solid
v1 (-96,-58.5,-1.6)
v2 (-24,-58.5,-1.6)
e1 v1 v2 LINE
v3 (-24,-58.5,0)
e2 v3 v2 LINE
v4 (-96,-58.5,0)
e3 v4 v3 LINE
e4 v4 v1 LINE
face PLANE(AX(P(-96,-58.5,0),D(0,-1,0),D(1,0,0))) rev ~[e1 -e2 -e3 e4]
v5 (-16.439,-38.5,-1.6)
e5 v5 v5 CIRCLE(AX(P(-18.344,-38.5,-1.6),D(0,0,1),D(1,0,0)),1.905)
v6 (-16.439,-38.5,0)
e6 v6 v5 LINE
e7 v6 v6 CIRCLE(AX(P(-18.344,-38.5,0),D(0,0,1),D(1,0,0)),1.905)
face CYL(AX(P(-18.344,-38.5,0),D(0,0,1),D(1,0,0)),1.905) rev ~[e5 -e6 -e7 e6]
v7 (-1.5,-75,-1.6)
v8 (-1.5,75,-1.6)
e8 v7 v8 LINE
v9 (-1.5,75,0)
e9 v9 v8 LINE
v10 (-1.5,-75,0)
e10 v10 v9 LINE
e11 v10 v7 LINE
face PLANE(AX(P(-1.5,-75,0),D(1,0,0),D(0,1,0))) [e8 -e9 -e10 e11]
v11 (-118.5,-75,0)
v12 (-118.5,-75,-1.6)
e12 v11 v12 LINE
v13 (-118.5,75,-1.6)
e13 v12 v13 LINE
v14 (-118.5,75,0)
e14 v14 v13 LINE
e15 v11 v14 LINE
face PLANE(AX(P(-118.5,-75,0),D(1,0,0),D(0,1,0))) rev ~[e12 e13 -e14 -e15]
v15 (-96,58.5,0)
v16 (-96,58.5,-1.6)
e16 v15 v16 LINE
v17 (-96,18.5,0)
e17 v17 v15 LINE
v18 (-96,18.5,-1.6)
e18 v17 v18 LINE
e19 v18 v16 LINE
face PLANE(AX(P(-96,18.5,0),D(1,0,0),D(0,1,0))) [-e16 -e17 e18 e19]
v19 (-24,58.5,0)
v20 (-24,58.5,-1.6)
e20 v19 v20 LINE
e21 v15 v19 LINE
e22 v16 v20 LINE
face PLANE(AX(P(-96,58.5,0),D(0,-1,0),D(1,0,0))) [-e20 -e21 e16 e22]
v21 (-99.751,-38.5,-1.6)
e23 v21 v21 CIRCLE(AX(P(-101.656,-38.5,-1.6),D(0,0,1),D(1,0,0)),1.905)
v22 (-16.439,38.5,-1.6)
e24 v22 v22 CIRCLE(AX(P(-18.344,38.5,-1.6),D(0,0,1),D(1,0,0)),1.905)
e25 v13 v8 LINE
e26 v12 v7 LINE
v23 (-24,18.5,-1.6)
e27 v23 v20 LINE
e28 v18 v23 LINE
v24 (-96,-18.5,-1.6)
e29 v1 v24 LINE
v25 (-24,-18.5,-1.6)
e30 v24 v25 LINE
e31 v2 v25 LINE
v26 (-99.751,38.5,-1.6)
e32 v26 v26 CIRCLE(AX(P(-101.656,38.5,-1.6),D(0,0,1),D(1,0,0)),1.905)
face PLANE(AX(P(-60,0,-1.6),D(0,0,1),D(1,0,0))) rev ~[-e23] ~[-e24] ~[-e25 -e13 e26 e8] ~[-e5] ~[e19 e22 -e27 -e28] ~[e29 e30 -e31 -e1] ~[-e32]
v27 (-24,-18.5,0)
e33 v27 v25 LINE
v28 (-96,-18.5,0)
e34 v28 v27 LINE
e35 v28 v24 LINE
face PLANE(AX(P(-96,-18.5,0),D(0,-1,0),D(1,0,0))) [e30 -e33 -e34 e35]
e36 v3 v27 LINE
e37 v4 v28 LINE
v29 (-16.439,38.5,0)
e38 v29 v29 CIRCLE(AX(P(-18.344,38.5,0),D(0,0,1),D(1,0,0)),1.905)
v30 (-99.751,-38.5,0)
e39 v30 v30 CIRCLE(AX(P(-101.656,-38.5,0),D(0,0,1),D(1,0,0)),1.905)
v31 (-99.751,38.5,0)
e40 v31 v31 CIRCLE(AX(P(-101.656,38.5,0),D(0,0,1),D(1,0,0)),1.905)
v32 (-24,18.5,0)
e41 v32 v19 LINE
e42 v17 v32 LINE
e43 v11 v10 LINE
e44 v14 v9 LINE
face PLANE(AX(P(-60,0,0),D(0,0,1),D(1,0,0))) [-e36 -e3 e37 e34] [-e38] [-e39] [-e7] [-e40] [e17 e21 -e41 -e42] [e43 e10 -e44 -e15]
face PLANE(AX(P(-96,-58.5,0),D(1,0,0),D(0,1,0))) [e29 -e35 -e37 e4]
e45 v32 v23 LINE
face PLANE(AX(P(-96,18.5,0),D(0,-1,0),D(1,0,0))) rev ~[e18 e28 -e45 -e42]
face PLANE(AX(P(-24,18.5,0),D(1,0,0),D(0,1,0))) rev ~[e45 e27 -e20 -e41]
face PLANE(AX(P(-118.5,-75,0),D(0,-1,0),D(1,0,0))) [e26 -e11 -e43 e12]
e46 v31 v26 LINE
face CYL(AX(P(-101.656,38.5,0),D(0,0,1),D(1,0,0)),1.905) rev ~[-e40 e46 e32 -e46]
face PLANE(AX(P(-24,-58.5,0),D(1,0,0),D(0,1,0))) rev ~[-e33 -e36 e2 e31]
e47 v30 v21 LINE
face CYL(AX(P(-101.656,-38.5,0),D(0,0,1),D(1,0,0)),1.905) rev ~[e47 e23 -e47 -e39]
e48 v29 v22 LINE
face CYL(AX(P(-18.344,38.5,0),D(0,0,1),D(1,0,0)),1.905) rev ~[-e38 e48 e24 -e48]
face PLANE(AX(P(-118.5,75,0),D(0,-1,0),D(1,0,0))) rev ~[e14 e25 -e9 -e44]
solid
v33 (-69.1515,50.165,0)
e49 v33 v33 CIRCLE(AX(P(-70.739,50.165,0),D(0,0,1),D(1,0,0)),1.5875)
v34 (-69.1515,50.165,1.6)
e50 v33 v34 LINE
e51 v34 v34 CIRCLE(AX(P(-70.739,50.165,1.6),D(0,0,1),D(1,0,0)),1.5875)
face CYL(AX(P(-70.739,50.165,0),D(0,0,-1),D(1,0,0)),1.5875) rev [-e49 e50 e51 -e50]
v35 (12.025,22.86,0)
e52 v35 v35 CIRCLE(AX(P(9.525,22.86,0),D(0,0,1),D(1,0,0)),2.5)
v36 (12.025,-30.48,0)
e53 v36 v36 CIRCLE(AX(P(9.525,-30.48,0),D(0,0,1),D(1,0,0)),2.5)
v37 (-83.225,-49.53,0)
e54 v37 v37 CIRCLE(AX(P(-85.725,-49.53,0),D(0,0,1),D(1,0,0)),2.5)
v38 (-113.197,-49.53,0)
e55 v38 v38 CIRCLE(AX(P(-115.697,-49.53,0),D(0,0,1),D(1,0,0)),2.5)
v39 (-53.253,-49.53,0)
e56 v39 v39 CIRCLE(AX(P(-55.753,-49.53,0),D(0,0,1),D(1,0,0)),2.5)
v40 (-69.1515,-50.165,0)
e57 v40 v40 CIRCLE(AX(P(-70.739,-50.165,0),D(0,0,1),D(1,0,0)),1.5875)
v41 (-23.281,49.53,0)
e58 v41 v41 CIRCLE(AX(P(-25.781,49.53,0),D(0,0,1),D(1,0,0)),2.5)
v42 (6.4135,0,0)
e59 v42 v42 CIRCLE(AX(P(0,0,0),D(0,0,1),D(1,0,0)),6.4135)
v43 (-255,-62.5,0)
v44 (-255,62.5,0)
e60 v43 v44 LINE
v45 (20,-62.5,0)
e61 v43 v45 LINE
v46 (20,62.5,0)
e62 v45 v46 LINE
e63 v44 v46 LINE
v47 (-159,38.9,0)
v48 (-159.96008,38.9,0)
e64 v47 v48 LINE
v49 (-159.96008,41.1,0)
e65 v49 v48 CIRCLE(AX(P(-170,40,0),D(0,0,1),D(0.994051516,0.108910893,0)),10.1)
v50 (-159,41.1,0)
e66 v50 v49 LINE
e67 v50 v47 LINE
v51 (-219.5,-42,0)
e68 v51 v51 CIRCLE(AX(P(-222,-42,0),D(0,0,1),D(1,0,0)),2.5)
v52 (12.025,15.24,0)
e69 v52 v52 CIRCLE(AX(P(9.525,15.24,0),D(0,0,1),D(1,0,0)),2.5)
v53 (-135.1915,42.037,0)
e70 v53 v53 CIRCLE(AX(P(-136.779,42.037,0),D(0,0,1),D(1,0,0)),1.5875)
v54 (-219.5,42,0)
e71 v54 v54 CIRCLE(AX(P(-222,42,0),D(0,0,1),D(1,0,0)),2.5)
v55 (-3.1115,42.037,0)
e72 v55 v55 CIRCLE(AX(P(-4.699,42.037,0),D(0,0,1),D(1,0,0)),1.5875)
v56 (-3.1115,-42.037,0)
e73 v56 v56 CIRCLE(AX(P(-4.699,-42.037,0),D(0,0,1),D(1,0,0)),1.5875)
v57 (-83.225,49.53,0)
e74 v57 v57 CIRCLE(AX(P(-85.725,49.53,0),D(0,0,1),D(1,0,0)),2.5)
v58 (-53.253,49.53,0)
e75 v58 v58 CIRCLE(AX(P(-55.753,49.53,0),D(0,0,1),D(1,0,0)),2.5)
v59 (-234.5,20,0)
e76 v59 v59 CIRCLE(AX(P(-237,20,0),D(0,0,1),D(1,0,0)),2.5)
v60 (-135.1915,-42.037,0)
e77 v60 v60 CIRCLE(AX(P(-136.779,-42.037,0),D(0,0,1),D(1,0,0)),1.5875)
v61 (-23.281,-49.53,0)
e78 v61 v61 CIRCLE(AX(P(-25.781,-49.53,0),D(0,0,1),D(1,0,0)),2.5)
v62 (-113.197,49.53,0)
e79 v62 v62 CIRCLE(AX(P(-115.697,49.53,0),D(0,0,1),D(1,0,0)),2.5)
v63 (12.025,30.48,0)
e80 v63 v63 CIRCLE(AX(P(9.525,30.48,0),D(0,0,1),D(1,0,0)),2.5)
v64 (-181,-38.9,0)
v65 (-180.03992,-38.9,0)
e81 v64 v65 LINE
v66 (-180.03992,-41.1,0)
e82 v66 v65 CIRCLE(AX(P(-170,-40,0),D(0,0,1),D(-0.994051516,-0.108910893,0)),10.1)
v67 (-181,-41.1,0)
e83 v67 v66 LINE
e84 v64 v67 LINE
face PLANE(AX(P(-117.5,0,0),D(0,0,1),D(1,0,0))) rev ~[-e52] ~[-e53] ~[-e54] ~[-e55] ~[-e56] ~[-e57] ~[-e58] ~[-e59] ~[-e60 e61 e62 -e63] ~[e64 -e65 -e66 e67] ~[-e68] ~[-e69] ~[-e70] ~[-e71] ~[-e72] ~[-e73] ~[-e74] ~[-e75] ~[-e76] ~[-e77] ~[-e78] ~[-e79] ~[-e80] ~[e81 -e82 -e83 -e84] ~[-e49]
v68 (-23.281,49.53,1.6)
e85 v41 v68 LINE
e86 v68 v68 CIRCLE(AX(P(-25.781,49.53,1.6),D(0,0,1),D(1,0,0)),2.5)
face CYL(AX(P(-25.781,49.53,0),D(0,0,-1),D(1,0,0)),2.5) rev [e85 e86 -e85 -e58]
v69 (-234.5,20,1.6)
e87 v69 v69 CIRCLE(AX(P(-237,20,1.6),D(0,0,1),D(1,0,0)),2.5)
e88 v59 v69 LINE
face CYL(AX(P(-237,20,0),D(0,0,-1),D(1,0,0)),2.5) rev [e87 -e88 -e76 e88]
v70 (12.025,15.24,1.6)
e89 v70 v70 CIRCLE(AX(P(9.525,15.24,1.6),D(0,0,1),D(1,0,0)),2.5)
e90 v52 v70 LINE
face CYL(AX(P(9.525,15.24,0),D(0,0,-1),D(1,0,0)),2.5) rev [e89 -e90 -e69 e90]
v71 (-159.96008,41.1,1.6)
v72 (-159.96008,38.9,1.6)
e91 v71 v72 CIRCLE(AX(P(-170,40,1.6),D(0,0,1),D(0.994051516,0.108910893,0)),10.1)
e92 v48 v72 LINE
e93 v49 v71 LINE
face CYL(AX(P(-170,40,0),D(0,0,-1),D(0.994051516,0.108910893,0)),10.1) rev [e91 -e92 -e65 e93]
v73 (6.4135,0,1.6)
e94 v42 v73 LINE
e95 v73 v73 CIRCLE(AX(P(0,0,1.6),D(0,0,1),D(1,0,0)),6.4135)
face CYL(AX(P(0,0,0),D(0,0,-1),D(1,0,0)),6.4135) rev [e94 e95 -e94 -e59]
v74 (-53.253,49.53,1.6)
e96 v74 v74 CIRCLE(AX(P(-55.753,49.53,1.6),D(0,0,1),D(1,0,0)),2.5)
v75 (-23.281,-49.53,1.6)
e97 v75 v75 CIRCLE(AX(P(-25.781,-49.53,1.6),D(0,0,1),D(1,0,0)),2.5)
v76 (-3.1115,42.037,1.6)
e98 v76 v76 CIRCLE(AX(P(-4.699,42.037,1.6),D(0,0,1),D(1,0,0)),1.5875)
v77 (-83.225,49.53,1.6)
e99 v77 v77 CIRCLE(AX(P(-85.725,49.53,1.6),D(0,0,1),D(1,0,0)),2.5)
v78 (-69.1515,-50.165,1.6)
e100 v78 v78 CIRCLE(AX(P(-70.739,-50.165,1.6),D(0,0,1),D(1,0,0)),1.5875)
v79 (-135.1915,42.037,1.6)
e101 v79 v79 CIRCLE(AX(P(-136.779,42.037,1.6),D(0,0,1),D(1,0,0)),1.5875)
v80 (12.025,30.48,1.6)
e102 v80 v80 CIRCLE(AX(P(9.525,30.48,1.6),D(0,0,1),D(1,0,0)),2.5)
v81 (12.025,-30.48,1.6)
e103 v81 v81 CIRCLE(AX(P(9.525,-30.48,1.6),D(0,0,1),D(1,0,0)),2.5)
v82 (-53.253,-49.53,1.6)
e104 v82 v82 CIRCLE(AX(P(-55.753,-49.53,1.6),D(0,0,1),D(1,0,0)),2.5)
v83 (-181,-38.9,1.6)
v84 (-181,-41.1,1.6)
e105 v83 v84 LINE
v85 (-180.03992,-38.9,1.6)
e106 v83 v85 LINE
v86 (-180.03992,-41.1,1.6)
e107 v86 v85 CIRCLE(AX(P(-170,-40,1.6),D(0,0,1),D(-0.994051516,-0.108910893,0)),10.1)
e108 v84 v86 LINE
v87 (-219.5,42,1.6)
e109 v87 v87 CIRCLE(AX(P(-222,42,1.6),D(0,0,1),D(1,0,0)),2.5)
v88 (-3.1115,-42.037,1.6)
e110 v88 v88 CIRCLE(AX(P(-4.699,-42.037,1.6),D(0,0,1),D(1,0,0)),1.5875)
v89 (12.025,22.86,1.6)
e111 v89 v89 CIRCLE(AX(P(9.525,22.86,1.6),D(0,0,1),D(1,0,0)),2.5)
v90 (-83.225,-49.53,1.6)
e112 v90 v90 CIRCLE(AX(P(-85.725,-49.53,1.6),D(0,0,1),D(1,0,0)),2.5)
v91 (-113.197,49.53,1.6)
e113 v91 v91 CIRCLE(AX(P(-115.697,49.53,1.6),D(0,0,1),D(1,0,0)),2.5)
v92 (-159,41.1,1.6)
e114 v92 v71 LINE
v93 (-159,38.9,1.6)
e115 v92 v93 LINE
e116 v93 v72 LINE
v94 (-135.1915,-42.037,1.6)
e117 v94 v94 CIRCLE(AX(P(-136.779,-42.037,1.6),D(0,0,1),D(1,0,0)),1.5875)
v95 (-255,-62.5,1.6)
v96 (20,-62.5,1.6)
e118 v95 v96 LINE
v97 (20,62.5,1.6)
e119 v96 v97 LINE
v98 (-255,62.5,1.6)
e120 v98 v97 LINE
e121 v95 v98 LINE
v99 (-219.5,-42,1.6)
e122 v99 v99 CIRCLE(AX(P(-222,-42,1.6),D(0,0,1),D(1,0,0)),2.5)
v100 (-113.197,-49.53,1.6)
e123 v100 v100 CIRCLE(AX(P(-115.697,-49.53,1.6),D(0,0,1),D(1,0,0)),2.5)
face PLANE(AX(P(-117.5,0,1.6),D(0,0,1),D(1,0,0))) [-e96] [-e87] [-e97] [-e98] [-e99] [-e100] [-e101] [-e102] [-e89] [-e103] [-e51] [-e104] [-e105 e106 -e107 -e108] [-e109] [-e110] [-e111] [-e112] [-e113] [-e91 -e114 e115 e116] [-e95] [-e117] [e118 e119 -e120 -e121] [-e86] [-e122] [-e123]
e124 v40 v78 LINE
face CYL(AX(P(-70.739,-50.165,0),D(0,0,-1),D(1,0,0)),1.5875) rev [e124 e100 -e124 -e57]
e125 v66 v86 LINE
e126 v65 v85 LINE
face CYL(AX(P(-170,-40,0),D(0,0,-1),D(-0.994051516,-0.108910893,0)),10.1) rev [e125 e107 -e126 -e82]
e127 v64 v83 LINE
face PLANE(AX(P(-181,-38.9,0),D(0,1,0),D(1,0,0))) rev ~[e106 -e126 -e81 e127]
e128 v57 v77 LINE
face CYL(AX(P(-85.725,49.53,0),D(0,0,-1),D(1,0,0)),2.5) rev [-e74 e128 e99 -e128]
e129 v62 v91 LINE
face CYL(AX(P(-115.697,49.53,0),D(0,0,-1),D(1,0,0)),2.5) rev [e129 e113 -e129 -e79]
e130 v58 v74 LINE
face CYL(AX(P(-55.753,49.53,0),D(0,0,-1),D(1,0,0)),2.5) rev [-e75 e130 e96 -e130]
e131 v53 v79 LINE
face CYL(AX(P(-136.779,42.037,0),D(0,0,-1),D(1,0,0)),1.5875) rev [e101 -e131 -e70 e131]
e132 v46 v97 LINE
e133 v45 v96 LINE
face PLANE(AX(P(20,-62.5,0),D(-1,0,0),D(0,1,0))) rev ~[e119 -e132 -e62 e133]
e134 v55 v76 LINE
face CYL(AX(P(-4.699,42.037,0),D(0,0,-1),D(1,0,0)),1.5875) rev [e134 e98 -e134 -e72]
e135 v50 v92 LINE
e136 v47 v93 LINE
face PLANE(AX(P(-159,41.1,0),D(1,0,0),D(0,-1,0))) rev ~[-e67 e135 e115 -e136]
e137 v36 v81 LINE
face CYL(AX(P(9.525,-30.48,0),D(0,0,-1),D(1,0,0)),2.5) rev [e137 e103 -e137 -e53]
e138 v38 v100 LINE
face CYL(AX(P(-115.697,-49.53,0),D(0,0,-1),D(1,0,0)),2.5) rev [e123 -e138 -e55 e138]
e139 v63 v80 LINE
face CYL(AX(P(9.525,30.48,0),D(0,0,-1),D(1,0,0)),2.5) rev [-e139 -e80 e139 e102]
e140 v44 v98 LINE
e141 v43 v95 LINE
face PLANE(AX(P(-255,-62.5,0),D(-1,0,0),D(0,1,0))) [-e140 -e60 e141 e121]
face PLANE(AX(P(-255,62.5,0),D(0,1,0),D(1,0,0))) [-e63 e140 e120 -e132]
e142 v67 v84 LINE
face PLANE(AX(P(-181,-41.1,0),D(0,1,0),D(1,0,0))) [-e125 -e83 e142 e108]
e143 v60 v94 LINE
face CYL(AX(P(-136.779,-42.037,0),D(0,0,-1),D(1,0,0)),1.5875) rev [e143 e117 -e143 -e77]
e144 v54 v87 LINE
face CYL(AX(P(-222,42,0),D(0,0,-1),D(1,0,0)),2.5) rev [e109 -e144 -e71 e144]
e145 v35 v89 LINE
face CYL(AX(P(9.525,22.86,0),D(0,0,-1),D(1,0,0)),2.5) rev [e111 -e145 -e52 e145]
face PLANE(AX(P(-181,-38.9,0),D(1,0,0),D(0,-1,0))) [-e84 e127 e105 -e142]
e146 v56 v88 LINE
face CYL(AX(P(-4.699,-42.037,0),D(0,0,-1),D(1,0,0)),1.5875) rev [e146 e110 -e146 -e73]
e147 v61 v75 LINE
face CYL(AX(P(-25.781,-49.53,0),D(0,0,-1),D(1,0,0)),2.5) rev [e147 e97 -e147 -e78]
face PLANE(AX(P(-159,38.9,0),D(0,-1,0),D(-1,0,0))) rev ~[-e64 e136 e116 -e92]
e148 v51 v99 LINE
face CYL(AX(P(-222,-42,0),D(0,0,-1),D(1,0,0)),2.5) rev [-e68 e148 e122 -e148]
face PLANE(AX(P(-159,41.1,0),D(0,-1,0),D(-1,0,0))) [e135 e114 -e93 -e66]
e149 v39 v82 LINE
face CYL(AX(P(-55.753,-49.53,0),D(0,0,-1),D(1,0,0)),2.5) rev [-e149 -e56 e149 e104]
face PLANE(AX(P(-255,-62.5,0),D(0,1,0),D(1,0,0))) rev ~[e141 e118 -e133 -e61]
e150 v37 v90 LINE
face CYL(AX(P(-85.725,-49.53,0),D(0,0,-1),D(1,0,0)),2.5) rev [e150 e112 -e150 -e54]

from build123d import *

# Parameters (mm, degrees)
SKETCH004_W      = 117
SKETCH004_H      = 150
SKETCH004_R      = 1.905
SKETCH004_W_2    = 72
SKETCH004_H_2    = 40
EXTRUDE_DEPTH    = 1.6
SKETCH002_W      = 275
SKETCH002_H      = 125
SKETCH002_R      = 6.4135
SKETCH002_R_2    = 1.5875
SKETCH002_R_3    = 2.5
EXTRUDE001_DEPTH = 1.6


with BuildPart() as extrude_stacked_duplex_outlets:
    # Sketch004 → Extrude (new body)
    with BuildSketch(Plane(origin=(-60, 0, 0), x_dir=(1, 0, 0), z_dir=(0, 0, 1))):
        Rectangle(SKETCH004_W, SKETCH004_H)
        with Locations((-41.656, 38.5)):
            Circle(SKETCH004_R, mode=Mode.SUBTRACT)
        with Locations((41.656, 38.5)):
            Circle(SKETCH004_R, mode=Mode.SUBTRACT)
        with Locations((-41.656, -38.5)):
            Circle(SKETCH004_R, mode=Mode.SUBTRACT)
        with Locations((41.656, -38.5)):
            Circle(SKETCH004_R, mode=Mode.SUBTRACT)
        with Locations((0, 38.5)):
            Rectangle(SKETCH004_W_2, SKETCH004_H_2, mode=Mode.SUBTRACT)
        with Locations((0, -38.5)):
            Rectangle(SKETCH004_W_2, SKETCH004_H_2, mode=Mode.SUBTRACT)
    extrude(amount=-EXTRUDE_DEPTH)


with BuildPart() as extrude_top:
    # Sketch002 → Extrude001 (new body)
    with BuildSketch(Plane.XY):
        with Locations((-117.5, 0)):
            Rectangle(SKETCH002_W, SKETCH002_H)
        Circle(SKETCH002_R, mode=Mode.SUBTRACT)
        with Locations((-136.779, 42.037)):
            Circle(SKETCH002_R_2, mode=Mode.SUBTRACT)
        with Locations((-136.779, -42.037)):
            Circle(SKETCH002_R_2, mode=Mode.SUBTRACT)
        with Locations((-4.699, 42.037)):
            Circle(SKETCH002_R_2, mode=Mode.SUBTRACT)
        with Locations((-4.699, -42.037)):
            Circle(SKETCH002_R_2, mode=Mode.SUBTRACT)
        with Locations((-70.739, 50.165)):
            Circle(SKETCH002_R_2, mode=Mode.SUBTRACT)
        with Locations((-70.739, -50.165)):
            Circle(SKETCH002_R_2, mode=Mode.SUBTRACT)
        with Locations((9.525, 30.48)):
            Circle(SKETCH002_R_3, mode=Mode.SUBTRACT)
        with Locations((9.525, 22.86)):
            Circle(SKETCH002_R_3, mode=Mode.SUBTRACT)
        with Locations((9.525, 15.24)):
            Circle(SKETCH002_R_3, mode=Mode.SUBTRACT)
        with Locations((9.525, -30.48)):
            Circle(SKETCH002_R_3, mode=Mode.SUBTRACT)
        with Locations((-25.781, 49.53)):
            Circle(SKETCH002_R_3, mode=Mode.SUBTRACT)
        with Locations((-115.697, 49.53)):
            Circle(SKETCH002_R_3, mode=Mode.SUBTRACT)
        with Locations((-85.725, 49.53)):
            Circle(SKETCH002_R_3, mode=Mode.SUBTRACT)
        with Locations((-55.753, 49.53)):
            Circle(SKETCH002_R_3, mode=Mode.SUBTRACT)
        with Locations((-115.697, -49.53)):
            Circle(SKETCH002_R_3, mode=Mode.SUBTRACT)
        with Locations((-85.725, -49.53)):
            Circle(SKETCH002_R_3, mode=Mode.SUBTRACT)
        with Locations((-55.753, -49.53)):
            Circle(SKETCH002_R_3, mode=Mode.SUBTRACT)
        with Locations((-25.781, -49.53)):
            Circle(SKETCH002_R_3, mode=Mode.SUBTRACT)
        with Locations((-222, 42)):
            Circle(SKETCH002_R_3, mode=Mode.SUBTRACT)
        with Locations((-222, -42)):
            Circle(SKETCH002_R_3, mode=Mode.SUBTRACT)
        with Locations((-237, 20)):
            Circle(SKETCH002_R_3, mode=Mode.SUBTRACT)
        with BuildLine():
            Line((-159, 41.1), (-159, 38.9))
            Line((-159, 38.9), (-159.96008, 38.9))
            ThreePointArc((-159.96008, 41.1), (-180.1, 40), (-159.96008, 38.9))
            Line((-159, 41.1), (-159.96008, 41.1))
        make_face(mode=Mode.SUBTRACT)
        with BuildLine():
            Line((-181, -38.9), (-181, -41.1))
            Line((-181, -41.1), (-180.03992, -41.1))
            ThreePointArc((-180.03992, -41.1), (-159.9, -40), (-180.03992, -38.9))
            Line((-181, -38.9), (-180.03992, -38.9))
        make_face(mode=Mode.SUBTRACT)
    extrude(amount=EXTRUDE001_DEPTH)


solid = Compound([extrude_stacked_duplex_outlets.part, extrude_top.part])
